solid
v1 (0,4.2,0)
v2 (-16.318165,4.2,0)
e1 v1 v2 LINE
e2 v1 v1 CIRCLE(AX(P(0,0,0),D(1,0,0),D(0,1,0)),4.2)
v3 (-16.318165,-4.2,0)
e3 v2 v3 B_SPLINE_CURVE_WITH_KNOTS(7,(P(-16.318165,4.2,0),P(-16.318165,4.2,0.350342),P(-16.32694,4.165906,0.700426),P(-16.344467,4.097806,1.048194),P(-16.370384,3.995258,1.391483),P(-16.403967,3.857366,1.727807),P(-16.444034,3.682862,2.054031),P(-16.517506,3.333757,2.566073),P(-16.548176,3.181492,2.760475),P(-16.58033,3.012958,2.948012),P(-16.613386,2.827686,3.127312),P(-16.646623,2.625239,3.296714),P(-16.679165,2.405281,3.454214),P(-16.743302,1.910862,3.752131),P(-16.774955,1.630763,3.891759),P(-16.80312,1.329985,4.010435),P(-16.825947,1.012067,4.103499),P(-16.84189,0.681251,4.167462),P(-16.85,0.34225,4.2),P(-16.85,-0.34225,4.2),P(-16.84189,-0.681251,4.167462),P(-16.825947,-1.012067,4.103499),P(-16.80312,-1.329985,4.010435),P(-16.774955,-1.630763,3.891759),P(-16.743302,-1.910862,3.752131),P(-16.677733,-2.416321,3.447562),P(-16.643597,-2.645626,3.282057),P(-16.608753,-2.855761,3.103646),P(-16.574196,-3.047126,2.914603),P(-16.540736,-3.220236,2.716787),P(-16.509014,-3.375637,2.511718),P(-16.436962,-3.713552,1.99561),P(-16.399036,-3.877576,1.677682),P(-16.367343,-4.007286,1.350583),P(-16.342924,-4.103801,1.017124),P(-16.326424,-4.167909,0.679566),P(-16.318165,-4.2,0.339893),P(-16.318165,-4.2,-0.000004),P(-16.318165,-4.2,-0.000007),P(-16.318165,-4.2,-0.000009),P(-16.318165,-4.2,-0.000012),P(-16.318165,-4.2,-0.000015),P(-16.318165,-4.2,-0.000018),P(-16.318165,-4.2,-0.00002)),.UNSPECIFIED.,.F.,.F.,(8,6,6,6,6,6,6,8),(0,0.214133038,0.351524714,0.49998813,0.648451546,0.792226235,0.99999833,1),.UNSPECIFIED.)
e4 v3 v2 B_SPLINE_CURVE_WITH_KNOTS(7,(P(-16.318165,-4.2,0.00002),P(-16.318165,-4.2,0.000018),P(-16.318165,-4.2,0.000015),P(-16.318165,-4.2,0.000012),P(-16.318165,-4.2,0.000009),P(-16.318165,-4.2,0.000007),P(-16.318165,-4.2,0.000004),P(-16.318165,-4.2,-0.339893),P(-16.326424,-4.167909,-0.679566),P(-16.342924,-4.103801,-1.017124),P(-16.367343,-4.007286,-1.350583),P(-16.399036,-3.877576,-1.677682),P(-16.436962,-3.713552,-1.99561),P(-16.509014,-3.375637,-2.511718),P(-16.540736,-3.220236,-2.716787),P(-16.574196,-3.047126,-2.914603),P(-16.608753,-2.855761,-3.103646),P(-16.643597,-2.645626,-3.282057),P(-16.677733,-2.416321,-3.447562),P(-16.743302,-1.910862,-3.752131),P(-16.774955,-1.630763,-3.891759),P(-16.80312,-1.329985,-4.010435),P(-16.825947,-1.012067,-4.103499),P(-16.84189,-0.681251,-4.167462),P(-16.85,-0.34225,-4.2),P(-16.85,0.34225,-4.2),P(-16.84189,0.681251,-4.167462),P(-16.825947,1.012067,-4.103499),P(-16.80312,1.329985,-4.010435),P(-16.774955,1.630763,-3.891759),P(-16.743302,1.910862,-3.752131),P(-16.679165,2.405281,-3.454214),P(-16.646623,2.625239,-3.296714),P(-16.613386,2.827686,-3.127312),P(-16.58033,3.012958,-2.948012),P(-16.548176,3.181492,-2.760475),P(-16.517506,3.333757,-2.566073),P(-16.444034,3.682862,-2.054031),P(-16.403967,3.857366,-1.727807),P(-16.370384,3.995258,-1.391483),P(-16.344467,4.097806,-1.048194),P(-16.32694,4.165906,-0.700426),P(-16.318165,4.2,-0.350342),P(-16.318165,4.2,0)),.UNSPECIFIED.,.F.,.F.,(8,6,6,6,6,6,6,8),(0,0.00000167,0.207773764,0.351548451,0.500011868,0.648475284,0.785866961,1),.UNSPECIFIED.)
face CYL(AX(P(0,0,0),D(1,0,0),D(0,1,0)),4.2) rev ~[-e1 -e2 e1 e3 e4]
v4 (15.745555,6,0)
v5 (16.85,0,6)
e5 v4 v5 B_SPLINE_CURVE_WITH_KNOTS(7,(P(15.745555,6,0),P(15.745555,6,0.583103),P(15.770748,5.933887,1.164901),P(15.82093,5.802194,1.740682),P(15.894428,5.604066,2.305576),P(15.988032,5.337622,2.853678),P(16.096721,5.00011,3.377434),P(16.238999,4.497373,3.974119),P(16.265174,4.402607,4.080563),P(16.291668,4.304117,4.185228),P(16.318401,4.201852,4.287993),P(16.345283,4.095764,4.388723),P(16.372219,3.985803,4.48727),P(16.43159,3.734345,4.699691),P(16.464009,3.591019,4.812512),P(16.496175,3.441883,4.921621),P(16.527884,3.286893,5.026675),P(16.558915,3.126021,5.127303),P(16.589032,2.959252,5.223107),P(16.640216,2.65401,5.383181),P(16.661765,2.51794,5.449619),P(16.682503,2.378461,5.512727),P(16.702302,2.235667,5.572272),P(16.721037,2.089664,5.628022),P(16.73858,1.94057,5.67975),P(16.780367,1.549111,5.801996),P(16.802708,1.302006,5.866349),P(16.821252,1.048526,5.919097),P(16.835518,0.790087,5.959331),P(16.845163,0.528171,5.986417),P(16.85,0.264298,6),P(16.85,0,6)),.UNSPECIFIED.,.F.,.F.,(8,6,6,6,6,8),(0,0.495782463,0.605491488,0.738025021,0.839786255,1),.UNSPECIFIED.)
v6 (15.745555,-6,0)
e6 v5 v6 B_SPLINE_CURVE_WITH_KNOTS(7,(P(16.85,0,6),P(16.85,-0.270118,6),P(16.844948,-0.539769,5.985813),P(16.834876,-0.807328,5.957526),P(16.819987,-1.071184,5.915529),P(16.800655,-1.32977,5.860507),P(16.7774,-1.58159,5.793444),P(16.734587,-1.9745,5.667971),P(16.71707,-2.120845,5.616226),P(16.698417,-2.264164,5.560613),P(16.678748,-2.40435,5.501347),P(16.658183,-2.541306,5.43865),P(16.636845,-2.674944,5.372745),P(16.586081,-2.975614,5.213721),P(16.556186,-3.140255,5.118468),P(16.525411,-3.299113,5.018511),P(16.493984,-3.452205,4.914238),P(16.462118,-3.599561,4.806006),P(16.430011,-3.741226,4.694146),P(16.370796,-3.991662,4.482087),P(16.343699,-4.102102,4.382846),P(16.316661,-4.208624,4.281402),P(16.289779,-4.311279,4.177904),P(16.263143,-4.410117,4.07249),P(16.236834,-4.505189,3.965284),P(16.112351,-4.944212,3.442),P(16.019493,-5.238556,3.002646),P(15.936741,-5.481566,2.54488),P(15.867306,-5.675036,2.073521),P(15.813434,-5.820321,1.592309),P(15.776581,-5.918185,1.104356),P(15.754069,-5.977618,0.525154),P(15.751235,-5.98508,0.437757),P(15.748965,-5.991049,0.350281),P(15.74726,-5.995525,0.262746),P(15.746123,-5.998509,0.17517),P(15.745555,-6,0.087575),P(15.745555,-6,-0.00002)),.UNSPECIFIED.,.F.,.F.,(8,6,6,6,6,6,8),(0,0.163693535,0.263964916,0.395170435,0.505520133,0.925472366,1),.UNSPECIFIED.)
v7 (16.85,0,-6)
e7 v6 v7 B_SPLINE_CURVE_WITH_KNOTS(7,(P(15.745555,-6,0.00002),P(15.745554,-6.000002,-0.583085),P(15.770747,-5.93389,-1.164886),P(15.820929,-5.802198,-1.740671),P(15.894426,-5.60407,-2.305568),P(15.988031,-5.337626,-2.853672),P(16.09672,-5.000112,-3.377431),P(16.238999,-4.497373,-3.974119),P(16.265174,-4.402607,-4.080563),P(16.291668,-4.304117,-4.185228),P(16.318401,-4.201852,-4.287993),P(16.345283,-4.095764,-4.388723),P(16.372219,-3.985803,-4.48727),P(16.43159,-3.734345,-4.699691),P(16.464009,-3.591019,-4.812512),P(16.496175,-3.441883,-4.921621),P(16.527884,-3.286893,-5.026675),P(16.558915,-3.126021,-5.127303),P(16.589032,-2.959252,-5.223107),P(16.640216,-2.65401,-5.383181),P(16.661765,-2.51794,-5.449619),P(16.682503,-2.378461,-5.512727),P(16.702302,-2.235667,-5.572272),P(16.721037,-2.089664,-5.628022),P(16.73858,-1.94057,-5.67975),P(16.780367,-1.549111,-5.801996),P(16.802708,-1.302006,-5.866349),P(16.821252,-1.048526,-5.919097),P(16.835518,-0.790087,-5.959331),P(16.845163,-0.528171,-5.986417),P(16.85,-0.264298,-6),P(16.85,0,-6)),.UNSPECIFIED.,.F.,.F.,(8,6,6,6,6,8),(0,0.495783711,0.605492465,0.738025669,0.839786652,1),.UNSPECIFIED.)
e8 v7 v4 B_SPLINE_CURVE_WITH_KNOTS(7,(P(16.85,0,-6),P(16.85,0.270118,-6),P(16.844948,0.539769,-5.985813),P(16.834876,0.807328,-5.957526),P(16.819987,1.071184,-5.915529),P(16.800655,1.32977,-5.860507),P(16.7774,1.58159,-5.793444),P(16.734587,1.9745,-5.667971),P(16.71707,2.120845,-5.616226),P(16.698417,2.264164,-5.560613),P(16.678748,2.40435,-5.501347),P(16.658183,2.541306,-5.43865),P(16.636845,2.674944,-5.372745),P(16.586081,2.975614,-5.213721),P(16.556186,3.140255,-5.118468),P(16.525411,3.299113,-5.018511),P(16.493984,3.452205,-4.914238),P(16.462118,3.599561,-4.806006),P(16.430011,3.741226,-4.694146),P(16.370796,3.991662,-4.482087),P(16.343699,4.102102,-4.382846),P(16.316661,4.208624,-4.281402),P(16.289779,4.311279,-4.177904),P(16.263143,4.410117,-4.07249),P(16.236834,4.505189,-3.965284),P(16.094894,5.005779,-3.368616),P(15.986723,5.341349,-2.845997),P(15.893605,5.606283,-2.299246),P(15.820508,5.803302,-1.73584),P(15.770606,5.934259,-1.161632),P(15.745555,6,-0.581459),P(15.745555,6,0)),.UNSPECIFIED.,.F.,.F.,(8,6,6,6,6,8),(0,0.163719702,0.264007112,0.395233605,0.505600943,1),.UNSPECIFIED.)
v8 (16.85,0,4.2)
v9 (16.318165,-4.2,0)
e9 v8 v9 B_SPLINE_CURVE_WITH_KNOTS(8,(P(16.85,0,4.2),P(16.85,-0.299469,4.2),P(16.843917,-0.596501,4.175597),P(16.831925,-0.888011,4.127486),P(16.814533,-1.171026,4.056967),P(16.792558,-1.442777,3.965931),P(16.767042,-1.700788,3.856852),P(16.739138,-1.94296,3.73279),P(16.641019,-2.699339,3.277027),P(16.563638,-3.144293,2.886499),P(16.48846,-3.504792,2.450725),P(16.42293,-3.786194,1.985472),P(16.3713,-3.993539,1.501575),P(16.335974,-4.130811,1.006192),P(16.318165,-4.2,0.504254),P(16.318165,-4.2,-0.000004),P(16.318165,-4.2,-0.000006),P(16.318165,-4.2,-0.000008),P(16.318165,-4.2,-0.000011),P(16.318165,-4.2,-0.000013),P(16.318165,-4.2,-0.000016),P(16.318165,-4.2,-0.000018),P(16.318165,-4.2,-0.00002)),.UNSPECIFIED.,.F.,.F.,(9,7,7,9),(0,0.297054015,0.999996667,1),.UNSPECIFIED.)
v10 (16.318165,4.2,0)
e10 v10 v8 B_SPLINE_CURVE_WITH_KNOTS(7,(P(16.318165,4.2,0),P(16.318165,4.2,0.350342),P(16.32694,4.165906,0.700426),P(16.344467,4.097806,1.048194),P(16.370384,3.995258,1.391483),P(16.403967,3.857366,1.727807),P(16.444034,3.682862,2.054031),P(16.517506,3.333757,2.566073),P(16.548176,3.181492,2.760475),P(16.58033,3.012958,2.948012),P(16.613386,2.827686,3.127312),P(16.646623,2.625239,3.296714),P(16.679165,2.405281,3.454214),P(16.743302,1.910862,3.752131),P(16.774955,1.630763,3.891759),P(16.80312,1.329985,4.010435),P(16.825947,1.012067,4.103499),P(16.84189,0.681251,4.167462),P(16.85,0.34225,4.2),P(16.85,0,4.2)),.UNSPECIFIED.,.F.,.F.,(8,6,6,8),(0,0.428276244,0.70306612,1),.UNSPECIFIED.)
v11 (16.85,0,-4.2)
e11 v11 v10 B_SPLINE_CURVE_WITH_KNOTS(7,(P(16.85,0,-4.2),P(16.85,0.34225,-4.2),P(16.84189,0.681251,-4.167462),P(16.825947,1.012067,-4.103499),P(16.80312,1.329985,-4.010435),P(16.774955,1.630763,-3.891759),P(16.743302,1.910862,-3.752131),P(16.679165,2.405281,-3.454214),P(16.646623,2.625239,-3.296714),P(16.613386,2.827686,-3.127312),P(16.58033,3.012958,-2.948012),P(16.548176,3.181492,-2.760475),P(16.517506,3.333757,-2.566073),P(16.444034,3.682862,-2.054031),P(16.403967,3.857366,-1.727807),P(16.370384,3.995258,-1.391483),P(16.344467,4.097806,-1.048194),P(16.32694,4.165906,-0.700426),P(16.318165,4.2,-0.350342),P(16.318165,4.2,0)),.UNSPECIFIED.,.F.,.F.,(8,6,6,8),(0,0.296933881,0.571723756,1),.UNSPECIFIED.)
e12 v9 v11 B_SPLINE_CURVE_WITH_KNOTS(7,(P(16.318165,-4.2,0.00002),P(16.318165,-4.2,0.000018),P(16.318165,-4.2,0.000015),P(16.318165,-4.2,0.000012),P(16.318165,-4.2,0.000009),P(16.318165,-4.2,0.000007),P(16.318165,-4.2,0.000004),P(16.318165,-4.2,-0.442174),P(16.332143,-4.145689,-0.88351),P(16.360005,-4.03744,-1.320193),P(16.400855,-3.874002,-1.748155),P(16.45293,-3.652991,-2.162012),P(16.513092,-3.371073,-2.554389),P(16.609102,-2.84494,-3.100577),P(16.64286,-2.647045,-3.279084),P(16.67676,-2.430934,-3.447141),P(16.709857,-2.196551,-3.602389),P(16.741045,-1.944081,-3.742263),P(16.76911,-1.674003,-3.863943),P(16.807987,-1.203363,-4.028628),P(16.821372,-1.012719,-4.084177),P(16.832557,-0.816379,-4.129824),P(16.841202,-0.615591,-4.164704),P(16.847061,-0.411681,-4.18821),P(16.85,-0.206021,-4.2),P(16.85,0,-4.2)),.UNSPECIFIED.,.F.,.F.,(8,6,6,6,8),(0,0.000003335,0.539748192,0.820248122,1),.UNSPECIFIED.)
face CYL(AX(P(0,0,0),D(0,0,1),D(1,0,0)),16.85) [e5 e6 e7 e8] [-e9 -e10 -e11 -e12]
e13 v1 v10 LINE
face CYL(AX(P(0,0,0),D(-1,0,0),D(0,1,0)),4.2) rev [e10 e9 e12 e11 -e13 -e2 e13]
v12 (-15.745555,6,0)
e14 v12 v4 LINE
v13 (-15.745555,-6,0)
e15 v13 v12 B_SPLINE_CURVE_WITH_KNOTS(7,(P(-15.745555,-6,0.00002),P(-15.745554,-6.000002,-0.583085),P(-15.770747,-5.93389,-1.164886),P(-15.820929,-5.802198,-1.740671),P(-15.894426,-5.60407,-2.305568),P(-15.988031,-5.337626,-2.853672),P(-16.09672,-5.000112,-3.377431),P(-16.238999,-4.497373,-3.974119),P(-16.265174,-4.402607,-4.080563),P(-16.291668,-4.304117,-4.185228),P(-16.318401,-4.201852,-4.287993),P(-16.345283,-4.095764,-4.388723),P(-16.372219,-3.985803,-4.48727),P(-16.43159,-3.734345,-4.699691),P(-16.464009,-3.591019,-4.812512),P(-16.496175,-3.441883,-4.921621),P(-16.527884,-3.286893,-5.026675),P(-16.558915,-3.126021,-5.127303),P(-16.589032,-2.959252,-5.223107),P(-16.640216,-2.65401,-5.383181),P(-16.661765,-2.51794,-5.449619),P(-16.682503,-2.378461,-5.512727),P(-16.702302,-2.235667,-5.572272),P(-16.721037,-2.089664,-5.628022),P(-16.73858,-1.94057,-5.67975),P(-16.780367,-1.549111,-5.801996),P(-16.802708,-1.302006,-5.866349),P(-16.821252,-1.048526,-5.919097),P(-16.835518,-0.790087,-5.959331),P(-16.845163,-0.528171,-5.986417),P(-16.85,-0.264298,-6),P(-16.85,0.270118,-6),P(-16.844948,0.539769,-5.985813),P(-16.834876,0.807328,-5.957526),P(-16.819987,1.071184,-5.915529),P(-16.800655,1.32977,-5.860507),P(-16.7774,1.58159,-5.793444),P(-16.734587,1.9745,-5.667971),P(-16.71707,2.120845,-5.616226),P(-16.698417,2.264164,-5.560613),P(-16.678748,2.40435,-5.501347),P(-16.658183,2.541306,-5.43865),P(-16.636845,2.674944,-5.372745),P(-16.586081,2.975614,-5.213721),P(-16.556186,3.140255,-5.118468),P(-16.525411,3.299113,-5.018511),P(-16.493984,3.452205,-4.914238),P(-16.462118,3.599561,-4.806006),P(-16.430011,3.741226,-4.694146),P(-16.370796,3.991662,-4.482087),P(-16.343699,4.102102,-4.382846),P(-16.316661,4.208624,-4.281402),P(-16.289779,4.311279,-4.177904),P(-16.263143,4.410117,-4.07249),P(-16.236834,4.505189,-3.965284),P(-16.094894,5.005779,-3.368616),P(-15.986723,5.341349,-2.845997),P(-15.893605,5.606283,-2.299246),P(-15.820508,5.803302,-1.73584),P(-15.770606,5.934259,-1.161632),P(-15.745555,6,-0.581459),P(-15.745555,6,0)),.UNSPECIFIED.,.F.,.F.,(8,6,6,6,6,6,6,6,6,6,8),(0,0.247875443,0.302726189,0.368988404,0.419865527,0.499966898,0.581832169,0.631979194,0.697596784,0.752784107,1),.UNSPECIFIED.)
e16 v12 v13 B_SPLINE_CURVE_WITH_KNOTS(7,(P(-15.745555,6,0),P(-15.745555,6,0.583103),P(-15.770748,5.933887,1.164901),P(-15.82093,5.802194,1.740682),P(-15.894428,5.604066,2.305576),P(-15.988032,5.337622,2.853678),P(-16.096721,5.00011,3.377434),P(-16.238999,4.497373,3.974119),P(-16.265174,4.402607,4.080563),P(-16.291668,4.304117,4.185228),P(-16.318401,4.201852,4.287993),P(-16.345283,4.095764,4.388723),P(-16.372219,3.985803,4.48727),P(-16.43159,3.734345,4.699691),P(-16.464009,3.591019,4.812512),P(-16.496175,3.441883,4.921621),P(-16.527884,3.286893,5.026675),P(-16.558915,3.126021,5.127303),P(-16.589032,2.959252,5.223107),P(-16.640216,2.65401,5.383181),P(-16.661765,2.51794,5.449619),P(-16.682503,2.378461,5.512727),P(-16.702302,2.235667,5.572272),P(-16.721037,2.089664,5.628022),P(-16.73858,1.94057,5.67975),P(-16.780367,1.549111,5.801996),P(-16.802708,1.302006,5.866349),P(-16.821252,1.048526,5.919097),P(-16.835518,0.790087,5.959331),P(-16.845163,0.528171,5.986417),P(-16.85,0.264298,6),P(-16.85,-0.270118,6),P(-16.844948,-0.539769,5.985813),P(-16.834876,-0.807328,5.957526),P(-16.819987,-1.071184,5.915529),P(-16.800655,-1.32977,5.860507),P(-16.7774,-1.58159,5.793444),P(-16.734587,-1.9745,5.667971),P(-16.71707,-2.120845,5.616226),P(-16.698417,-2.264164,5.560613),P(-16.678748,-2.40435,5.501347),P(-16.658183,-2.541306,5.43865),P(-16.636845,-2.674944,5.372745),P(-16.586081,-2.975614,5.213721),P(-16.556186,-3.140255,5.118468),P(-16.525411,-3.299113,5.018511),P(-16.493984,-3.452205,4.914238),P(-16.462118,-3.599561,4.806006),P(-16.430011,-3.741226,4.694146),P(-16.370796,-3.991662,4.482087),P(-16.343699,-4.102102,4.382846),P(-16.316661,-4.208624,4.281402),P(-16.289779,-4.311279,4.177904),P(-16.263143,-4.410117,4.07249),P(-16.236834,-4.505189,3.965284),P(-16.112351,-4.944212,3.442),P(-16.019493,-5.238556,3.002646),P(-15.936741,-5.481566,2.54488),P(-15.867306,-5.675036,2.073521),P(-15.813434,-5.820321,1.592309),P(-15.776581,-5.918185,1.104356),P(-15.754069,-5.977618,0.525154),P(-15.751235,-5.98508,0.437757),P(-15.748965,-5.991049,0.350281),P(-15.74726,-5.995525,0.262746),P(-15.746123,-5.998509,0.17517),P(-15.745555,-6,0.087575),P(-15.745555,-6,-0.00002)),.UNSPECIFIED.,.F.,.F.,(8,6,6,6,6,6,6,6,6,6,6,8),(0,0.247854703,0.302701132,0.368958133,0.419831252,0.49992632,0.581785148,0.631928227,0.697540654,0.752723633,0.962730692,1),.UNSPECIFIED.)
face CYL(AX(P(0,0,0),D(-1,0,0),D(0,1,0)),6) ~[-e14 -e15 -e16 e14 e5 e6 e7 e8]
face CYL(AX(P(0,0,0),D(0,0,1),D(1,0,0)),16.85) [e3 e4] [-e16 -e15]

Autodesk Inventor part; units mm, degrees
ref_plane "YZ Plane" through (0, 0, 0) normal (1, 0, 0) x (0, 1, 0)
ref_plane "XZ Plane" through (0, 0, 0) normal (0, 1, 0) x (-1, 0, 0)
ref_plane "XY Plane" through (0, 0, 0) normal (0, 0, 1) x (1, 0, 0)
sketch "Sketch1" plane through (0, 0, 0) normal (1, 0, 0) x (0, 1, 0)
  circle A0 centre (0, 0) radius 4.2
  circle A1 centre (0, 0) radius 6
  dimension "d0" = 8.4
  dimension "d1" = 12
extrude "Extrusion1" add sketch "Sketch1" along normal mid plane 40
sketch "Sketch2" plane through (0, 0, 0) normal (0, 0, 1) x (1, 0, 0)
  circle A0 centre (0, 0) radius 16.85
  circle A1 centre (0, 0) radius 21.9068
  dimension "d4" = 33.7
extrude "Extrusion2" cut sketch "Sketch2" along normal mid plane 40
properties part number "Spacer_Collective_Base_M8"
